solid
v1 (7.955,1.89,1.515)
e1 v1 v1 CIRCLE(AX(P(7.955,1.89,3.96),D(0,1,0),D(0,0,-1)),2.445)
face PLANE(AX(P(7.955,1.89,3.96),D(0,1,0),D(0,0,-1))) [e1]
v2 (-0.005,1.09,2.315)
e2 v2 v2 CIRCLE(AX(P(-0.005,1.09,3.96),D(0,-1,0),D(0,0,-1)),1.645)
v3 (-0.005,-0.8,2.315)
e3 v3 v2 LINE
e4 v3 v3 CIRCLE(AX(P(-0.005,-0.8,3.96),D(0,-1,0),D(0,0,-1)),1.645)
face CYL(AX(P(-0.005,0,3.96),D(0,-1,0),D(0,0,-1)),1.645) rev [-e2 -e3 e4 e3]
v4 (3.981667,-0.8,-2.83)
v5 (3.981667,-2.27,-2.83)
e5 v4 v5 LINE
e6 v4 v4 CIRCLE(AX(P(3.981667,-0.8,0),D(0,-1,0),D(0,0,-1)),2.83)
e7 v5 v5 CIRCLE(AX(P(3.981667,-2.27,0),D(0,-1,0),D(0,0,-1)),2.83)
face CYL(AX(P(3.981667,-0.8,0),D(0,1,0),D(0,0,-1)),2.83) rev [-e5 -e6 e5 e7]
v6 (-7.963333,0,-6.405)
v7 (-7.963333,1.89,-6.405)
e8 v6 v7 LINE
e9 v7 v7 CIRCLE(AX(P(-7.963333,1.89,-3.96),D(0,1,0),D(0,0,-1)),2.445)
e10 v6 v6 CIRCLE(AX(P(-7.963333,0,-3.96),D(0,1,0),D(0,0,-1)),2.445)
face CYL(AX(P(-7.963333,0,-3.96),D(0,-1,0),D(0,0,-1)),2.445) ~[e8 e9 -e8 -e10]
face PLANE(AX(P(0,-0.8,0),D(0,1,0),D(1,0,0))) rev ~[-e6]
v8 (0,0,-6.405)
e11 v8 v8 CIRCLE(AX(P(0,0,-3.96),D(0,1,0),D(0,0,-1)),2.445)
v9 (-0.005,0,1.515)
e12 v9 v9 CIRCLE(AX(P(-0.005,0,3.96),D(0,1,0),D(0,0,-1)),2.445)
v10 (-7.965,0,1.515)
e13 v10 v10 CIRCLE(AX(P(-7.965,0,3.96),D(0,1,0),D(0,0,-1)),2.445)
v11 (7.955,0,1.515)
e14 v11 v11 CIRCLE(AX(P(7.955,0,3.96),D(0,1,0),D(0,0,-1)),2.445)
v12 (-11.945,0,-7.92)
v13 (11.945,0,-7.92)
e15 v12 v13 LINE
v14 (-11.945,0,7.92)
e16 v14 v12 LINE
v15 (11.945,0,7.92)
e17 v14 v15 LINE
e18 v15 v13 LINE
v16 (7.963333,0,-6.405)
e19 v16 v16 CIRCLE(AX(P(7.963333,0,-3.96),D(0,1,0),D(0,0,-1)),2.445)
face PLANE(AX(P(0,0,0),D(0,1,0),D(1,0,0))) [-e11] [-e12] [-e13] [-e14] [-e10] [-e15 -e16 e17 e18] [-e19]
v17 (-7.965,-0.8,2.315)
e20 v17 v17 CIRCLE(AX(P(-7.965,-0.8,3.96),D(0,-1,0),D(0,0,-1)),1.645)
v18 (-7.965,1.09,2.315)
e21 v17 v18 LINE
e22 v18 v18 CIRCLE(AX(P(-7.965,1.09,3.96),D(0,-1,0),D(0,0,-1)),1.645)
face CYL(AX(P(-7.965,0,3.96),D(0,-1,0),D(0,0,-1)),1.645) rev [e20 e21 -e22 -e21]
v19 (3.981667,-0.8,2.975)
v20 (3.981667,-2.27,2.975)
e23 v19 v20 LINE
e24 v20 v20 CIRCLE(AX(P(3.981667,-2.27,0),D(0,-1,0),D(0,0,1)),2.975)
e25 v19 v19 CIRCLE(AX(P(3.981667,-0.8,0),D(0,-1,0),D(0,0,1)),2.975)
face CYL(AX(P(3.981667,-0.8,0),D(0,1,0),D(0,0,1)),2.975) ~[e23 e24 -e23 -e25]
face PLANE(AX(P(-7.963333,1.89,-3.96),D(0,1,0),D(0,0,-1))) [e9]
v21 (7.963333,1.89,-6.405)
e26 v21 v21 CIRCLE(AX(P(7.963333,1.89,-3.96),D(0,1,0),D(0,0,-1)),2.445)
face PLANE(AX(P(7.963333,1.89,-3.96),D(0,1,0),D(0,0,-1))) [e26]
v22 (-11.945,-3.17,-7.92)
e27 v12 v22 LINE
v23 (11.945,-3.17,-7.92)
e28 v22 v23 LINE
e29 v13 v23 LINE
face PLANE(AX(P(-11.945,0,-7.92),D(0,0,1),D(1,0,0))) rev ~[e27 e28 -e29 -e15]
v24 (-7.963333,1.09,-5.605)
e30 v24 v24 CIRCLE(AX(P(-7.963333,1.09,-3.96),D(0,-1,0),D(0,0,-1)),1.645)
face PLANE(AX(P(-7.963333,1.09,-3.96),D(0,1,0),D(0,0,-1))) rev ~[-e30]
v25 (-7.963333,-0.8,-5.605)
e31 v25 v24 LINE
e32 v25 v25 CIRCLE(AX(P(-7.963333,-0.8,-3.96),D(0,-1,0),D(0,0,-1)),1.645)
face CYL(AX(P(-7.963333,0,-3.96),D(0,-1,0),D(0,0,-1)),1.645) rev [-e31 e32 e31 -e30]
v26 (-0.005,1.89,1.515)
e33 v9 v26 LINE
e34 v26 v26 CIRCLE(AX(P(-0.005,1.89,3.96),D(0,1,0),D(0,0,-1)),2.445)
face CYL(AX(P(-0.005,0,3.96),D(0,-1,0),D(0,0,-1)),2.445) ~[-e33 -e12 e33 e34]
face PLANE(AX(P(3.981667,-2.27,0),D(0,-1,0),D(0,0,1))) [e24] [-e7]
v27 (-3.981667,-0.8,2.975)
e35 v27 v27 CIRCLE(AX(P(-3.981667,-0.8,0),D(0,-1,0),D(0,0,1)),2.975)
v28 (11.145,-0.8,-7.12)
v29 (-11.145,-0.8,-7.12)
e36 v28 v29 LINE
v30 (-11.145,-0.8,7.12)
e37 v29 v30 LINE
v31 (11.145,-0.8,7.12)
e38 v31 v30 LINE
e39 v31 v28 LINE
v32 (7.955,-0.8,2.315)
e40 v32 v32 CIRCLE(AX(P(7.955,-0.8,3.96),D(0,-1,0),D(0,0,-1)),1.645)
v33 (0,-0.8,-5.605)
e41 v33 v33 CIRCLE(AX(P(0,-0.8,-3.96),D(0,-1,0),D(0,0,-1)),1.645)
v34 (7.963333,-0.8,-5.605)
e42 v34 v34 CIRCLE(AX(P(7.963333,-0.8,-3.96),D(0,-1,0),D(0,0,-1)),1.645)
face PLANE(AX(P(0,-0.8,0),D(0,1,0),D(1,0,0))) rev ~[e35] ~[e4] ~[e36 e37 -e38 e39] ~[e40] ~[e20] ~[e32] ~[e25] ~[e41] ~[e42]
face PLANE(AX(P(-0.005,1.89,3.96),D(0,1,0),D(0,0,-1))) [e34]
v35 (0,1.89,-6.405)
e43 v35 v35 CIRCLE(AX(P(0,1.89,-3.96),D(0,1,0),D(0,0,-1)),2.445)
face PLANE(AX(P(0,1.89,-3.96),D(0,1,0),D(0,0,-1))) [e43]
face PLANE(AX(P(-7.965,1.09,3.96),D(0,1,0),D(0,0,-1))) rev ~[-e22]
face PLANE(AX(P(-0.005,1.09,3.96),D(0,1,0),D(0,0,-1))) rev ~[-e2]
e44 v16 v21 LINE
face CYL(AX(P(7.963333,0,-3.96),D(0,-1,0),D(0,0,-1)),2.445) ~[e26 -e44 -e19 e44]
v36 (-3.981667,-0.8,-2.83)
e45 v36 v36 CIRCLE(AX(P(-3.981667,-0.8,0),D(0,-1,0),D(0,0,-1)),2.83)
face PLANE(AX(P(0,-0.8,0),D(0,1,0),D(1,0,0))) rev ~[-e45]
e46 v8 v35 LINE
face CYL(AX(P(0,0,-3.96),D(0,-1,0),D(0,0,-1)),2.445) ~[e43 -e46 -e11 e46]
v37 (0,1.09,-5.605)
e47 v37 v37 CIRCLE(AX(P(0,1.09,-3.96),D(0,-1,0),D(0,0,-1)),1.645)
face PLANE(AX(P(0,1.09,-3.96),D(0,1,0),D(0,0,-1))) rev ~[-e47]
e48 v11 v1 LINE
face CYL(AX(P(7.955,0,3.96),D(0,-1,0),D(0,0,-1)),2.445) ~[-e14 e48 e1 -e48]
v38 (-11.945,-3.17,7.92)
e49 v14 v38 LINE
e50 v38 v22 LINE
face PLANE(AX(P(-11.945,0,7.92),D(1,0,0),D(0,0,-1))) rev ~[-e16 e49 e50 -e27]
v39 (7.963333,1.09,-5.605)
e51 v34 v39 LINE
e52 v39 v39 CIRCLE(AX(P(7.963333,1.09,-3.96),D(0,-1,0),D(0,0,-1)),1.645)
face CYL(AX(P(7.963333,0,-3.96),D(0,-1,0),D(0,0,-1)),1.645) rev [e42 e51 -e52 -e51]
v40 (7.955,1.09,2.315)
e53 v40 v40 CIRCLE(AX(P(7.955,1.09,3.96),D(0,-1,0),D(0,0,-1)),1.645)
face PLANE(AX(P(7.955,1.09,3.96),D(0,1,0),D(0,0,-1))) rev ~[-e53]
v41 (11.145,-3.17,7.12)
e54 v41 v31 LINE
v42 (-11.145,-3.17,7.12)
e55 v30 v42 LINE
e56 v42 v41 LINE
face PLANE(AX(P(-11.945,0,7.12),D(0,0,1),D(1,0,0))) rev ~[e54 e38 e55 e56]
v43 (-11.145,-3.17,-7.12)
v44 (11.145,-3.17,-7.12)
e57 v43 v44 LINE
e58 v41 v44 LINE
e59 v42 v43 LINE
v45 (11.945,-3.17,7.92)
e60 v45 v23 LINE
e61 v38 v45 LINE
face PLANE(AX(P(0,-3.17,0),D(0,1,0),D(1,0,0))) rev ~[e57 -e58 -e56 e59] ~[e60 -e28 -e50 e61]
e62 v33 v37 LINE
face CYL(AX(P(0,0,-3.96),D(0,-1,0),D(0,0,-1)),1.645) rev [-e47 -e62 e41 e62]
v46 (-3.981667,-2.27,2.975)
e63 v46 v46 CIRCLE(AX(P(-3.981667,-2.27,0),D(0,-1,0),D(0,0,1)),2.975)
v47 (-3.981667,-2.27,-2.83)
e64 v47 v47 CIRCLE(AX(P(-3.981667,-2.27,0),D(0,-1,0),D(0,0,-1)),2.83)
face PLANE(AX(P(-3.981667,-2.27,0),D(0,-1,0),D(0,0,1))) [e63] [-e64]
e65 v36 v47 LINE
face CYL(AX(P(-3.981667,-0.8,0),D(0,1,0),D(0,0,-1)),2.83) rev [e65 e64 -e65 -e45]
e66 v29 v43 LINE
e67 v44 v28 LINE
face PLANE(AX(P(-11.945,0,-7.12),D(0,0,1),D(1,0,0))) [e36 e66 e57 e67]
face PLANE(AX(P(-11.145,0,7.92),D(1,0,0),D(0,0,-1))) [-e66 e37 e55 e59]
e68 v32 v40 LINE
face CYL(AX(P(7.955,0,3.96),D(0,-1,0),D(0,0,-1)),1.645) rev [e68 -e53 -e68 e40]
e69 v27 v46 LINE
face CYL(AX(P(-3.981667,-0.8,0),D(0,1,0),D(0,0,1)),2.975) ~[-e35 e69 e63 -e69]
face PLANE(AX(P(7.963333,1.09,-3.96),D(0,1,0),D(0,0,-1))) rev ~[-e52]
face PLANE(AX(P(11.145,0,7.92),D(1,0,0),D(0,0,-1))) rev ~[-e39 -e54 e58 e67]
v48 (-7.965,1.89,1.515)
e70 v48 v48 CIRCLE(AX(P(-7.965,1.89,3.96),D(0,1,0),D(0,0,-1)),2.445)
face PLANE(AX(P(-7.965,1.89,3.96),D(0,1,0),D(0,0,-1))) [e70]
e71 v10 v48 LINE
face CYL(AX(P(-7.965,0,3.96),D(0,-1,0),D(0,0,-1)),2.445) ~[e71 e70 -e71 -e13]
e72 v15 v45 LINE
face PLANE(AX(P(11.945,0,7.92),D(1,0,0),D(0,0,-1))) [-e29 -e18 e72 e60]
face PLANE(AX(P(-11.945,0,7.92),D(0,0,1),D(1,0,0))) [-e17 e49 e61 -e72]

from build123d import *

# Parameters (mm, degrees)
SKETCH1_W           = 23.89
SKETCH1_H           = 15.84
BOSS_EXTRUDE1_DEPTH = 3.17
SKETCH2_R           = 2.445
BOSS_EXTRUDE2_DEPTH = 1.89
SHELL1_T            = -0.8
SKETCH3_R           = 2.975
SKETCH3_R_2         = 2.83
BOSS_EXTRUDE3_DEPTH = 1.47


with BuildPart() as part:
    # Sketch1 → Boss-Extrude1 (new body)
    with BuildSketch(Plane(origin=(0, 0, 0), x_dir=(1, 0, 0), z_dir=(0, 1, 0))):
        Rectangle(SKETCH1_W, SKETCH1_H)
    extrude(amount=-BOSS_EXTRUDE1_DEPTH)

    # Sketch2 → Boss-Extrude2 (add)
    with BuildSketch(Plane(origin=(0, 0, 0), x_dir=(1, 0, 0), z_dir=(0, 1, 0))):
        with Locations(Location((-7.963333333, 3.96, 0), (0, 0, 90))):
            Circle(SKETCH2_R)
        with Locations(Location((0, 3.96, 0), (0, 0, 90))):
            Circle(SKETCH2_R)
        with Locations(Location((7.963333333, 3.96, 0), (0, 0, 90))):
            Circle(SKETCH2_R)
        with Locations(Location((-7.965, -3.96, 0), (0, 0, 90))):
            Circle(SKETCH2_R)
        with Locations(Location((-0.005, -3.96, 0), (0, 0, 90))):
            Circle(SKETCH2_R)
        with Locations(Location((7.955, -3.96, 0), (0, 0, 90))):
            Circle(SKETCH2_R)
    extrude(amount=BOSS_EXTRUDE2_DEPTH)

    # Shell1
    shell1_openings = [part.faces().sort_by_distance(p)[0] for p in [
        (0, -3.17, 0),
    ]]
    offset(amount=SHELL1_T, openings=shell1_openings, kind=Kind.INTERSECTION)

    # Sketch3 → Boss-Extrude3 (add)
    # profile 1 of 2: a face of its own
    with BuildSketch(Plane.XZ.offset(0.8)):
        with Locations(Location((3.981666667, 0, 0), (0, 0, 90))):
            Circle(SKETCH3_R)
        with Locations(Location((3.981666667, 0, 0), (0, 0, 270))):
            Circle(SKETCH3_R_2, mode=Mode.SUBTRACT)
    # profile 2 of 2: a face of its own
    with BuildSketch(Plane.XZ.offset(0.8)):
        with Locations(Location((-3.981666667, 0, 0), (0, 0, 90))):
            Circle(SKETCH3_R)
        with Locations(Location((-3.981666667, 0, 0), (0, 0, 270))):
            Circle(SKETCH3_R_2, mode=Mode.SUBTRACT)
    extrude(amount=BOSS_EXTRUDE3_DEPTH)


solid = part.part
